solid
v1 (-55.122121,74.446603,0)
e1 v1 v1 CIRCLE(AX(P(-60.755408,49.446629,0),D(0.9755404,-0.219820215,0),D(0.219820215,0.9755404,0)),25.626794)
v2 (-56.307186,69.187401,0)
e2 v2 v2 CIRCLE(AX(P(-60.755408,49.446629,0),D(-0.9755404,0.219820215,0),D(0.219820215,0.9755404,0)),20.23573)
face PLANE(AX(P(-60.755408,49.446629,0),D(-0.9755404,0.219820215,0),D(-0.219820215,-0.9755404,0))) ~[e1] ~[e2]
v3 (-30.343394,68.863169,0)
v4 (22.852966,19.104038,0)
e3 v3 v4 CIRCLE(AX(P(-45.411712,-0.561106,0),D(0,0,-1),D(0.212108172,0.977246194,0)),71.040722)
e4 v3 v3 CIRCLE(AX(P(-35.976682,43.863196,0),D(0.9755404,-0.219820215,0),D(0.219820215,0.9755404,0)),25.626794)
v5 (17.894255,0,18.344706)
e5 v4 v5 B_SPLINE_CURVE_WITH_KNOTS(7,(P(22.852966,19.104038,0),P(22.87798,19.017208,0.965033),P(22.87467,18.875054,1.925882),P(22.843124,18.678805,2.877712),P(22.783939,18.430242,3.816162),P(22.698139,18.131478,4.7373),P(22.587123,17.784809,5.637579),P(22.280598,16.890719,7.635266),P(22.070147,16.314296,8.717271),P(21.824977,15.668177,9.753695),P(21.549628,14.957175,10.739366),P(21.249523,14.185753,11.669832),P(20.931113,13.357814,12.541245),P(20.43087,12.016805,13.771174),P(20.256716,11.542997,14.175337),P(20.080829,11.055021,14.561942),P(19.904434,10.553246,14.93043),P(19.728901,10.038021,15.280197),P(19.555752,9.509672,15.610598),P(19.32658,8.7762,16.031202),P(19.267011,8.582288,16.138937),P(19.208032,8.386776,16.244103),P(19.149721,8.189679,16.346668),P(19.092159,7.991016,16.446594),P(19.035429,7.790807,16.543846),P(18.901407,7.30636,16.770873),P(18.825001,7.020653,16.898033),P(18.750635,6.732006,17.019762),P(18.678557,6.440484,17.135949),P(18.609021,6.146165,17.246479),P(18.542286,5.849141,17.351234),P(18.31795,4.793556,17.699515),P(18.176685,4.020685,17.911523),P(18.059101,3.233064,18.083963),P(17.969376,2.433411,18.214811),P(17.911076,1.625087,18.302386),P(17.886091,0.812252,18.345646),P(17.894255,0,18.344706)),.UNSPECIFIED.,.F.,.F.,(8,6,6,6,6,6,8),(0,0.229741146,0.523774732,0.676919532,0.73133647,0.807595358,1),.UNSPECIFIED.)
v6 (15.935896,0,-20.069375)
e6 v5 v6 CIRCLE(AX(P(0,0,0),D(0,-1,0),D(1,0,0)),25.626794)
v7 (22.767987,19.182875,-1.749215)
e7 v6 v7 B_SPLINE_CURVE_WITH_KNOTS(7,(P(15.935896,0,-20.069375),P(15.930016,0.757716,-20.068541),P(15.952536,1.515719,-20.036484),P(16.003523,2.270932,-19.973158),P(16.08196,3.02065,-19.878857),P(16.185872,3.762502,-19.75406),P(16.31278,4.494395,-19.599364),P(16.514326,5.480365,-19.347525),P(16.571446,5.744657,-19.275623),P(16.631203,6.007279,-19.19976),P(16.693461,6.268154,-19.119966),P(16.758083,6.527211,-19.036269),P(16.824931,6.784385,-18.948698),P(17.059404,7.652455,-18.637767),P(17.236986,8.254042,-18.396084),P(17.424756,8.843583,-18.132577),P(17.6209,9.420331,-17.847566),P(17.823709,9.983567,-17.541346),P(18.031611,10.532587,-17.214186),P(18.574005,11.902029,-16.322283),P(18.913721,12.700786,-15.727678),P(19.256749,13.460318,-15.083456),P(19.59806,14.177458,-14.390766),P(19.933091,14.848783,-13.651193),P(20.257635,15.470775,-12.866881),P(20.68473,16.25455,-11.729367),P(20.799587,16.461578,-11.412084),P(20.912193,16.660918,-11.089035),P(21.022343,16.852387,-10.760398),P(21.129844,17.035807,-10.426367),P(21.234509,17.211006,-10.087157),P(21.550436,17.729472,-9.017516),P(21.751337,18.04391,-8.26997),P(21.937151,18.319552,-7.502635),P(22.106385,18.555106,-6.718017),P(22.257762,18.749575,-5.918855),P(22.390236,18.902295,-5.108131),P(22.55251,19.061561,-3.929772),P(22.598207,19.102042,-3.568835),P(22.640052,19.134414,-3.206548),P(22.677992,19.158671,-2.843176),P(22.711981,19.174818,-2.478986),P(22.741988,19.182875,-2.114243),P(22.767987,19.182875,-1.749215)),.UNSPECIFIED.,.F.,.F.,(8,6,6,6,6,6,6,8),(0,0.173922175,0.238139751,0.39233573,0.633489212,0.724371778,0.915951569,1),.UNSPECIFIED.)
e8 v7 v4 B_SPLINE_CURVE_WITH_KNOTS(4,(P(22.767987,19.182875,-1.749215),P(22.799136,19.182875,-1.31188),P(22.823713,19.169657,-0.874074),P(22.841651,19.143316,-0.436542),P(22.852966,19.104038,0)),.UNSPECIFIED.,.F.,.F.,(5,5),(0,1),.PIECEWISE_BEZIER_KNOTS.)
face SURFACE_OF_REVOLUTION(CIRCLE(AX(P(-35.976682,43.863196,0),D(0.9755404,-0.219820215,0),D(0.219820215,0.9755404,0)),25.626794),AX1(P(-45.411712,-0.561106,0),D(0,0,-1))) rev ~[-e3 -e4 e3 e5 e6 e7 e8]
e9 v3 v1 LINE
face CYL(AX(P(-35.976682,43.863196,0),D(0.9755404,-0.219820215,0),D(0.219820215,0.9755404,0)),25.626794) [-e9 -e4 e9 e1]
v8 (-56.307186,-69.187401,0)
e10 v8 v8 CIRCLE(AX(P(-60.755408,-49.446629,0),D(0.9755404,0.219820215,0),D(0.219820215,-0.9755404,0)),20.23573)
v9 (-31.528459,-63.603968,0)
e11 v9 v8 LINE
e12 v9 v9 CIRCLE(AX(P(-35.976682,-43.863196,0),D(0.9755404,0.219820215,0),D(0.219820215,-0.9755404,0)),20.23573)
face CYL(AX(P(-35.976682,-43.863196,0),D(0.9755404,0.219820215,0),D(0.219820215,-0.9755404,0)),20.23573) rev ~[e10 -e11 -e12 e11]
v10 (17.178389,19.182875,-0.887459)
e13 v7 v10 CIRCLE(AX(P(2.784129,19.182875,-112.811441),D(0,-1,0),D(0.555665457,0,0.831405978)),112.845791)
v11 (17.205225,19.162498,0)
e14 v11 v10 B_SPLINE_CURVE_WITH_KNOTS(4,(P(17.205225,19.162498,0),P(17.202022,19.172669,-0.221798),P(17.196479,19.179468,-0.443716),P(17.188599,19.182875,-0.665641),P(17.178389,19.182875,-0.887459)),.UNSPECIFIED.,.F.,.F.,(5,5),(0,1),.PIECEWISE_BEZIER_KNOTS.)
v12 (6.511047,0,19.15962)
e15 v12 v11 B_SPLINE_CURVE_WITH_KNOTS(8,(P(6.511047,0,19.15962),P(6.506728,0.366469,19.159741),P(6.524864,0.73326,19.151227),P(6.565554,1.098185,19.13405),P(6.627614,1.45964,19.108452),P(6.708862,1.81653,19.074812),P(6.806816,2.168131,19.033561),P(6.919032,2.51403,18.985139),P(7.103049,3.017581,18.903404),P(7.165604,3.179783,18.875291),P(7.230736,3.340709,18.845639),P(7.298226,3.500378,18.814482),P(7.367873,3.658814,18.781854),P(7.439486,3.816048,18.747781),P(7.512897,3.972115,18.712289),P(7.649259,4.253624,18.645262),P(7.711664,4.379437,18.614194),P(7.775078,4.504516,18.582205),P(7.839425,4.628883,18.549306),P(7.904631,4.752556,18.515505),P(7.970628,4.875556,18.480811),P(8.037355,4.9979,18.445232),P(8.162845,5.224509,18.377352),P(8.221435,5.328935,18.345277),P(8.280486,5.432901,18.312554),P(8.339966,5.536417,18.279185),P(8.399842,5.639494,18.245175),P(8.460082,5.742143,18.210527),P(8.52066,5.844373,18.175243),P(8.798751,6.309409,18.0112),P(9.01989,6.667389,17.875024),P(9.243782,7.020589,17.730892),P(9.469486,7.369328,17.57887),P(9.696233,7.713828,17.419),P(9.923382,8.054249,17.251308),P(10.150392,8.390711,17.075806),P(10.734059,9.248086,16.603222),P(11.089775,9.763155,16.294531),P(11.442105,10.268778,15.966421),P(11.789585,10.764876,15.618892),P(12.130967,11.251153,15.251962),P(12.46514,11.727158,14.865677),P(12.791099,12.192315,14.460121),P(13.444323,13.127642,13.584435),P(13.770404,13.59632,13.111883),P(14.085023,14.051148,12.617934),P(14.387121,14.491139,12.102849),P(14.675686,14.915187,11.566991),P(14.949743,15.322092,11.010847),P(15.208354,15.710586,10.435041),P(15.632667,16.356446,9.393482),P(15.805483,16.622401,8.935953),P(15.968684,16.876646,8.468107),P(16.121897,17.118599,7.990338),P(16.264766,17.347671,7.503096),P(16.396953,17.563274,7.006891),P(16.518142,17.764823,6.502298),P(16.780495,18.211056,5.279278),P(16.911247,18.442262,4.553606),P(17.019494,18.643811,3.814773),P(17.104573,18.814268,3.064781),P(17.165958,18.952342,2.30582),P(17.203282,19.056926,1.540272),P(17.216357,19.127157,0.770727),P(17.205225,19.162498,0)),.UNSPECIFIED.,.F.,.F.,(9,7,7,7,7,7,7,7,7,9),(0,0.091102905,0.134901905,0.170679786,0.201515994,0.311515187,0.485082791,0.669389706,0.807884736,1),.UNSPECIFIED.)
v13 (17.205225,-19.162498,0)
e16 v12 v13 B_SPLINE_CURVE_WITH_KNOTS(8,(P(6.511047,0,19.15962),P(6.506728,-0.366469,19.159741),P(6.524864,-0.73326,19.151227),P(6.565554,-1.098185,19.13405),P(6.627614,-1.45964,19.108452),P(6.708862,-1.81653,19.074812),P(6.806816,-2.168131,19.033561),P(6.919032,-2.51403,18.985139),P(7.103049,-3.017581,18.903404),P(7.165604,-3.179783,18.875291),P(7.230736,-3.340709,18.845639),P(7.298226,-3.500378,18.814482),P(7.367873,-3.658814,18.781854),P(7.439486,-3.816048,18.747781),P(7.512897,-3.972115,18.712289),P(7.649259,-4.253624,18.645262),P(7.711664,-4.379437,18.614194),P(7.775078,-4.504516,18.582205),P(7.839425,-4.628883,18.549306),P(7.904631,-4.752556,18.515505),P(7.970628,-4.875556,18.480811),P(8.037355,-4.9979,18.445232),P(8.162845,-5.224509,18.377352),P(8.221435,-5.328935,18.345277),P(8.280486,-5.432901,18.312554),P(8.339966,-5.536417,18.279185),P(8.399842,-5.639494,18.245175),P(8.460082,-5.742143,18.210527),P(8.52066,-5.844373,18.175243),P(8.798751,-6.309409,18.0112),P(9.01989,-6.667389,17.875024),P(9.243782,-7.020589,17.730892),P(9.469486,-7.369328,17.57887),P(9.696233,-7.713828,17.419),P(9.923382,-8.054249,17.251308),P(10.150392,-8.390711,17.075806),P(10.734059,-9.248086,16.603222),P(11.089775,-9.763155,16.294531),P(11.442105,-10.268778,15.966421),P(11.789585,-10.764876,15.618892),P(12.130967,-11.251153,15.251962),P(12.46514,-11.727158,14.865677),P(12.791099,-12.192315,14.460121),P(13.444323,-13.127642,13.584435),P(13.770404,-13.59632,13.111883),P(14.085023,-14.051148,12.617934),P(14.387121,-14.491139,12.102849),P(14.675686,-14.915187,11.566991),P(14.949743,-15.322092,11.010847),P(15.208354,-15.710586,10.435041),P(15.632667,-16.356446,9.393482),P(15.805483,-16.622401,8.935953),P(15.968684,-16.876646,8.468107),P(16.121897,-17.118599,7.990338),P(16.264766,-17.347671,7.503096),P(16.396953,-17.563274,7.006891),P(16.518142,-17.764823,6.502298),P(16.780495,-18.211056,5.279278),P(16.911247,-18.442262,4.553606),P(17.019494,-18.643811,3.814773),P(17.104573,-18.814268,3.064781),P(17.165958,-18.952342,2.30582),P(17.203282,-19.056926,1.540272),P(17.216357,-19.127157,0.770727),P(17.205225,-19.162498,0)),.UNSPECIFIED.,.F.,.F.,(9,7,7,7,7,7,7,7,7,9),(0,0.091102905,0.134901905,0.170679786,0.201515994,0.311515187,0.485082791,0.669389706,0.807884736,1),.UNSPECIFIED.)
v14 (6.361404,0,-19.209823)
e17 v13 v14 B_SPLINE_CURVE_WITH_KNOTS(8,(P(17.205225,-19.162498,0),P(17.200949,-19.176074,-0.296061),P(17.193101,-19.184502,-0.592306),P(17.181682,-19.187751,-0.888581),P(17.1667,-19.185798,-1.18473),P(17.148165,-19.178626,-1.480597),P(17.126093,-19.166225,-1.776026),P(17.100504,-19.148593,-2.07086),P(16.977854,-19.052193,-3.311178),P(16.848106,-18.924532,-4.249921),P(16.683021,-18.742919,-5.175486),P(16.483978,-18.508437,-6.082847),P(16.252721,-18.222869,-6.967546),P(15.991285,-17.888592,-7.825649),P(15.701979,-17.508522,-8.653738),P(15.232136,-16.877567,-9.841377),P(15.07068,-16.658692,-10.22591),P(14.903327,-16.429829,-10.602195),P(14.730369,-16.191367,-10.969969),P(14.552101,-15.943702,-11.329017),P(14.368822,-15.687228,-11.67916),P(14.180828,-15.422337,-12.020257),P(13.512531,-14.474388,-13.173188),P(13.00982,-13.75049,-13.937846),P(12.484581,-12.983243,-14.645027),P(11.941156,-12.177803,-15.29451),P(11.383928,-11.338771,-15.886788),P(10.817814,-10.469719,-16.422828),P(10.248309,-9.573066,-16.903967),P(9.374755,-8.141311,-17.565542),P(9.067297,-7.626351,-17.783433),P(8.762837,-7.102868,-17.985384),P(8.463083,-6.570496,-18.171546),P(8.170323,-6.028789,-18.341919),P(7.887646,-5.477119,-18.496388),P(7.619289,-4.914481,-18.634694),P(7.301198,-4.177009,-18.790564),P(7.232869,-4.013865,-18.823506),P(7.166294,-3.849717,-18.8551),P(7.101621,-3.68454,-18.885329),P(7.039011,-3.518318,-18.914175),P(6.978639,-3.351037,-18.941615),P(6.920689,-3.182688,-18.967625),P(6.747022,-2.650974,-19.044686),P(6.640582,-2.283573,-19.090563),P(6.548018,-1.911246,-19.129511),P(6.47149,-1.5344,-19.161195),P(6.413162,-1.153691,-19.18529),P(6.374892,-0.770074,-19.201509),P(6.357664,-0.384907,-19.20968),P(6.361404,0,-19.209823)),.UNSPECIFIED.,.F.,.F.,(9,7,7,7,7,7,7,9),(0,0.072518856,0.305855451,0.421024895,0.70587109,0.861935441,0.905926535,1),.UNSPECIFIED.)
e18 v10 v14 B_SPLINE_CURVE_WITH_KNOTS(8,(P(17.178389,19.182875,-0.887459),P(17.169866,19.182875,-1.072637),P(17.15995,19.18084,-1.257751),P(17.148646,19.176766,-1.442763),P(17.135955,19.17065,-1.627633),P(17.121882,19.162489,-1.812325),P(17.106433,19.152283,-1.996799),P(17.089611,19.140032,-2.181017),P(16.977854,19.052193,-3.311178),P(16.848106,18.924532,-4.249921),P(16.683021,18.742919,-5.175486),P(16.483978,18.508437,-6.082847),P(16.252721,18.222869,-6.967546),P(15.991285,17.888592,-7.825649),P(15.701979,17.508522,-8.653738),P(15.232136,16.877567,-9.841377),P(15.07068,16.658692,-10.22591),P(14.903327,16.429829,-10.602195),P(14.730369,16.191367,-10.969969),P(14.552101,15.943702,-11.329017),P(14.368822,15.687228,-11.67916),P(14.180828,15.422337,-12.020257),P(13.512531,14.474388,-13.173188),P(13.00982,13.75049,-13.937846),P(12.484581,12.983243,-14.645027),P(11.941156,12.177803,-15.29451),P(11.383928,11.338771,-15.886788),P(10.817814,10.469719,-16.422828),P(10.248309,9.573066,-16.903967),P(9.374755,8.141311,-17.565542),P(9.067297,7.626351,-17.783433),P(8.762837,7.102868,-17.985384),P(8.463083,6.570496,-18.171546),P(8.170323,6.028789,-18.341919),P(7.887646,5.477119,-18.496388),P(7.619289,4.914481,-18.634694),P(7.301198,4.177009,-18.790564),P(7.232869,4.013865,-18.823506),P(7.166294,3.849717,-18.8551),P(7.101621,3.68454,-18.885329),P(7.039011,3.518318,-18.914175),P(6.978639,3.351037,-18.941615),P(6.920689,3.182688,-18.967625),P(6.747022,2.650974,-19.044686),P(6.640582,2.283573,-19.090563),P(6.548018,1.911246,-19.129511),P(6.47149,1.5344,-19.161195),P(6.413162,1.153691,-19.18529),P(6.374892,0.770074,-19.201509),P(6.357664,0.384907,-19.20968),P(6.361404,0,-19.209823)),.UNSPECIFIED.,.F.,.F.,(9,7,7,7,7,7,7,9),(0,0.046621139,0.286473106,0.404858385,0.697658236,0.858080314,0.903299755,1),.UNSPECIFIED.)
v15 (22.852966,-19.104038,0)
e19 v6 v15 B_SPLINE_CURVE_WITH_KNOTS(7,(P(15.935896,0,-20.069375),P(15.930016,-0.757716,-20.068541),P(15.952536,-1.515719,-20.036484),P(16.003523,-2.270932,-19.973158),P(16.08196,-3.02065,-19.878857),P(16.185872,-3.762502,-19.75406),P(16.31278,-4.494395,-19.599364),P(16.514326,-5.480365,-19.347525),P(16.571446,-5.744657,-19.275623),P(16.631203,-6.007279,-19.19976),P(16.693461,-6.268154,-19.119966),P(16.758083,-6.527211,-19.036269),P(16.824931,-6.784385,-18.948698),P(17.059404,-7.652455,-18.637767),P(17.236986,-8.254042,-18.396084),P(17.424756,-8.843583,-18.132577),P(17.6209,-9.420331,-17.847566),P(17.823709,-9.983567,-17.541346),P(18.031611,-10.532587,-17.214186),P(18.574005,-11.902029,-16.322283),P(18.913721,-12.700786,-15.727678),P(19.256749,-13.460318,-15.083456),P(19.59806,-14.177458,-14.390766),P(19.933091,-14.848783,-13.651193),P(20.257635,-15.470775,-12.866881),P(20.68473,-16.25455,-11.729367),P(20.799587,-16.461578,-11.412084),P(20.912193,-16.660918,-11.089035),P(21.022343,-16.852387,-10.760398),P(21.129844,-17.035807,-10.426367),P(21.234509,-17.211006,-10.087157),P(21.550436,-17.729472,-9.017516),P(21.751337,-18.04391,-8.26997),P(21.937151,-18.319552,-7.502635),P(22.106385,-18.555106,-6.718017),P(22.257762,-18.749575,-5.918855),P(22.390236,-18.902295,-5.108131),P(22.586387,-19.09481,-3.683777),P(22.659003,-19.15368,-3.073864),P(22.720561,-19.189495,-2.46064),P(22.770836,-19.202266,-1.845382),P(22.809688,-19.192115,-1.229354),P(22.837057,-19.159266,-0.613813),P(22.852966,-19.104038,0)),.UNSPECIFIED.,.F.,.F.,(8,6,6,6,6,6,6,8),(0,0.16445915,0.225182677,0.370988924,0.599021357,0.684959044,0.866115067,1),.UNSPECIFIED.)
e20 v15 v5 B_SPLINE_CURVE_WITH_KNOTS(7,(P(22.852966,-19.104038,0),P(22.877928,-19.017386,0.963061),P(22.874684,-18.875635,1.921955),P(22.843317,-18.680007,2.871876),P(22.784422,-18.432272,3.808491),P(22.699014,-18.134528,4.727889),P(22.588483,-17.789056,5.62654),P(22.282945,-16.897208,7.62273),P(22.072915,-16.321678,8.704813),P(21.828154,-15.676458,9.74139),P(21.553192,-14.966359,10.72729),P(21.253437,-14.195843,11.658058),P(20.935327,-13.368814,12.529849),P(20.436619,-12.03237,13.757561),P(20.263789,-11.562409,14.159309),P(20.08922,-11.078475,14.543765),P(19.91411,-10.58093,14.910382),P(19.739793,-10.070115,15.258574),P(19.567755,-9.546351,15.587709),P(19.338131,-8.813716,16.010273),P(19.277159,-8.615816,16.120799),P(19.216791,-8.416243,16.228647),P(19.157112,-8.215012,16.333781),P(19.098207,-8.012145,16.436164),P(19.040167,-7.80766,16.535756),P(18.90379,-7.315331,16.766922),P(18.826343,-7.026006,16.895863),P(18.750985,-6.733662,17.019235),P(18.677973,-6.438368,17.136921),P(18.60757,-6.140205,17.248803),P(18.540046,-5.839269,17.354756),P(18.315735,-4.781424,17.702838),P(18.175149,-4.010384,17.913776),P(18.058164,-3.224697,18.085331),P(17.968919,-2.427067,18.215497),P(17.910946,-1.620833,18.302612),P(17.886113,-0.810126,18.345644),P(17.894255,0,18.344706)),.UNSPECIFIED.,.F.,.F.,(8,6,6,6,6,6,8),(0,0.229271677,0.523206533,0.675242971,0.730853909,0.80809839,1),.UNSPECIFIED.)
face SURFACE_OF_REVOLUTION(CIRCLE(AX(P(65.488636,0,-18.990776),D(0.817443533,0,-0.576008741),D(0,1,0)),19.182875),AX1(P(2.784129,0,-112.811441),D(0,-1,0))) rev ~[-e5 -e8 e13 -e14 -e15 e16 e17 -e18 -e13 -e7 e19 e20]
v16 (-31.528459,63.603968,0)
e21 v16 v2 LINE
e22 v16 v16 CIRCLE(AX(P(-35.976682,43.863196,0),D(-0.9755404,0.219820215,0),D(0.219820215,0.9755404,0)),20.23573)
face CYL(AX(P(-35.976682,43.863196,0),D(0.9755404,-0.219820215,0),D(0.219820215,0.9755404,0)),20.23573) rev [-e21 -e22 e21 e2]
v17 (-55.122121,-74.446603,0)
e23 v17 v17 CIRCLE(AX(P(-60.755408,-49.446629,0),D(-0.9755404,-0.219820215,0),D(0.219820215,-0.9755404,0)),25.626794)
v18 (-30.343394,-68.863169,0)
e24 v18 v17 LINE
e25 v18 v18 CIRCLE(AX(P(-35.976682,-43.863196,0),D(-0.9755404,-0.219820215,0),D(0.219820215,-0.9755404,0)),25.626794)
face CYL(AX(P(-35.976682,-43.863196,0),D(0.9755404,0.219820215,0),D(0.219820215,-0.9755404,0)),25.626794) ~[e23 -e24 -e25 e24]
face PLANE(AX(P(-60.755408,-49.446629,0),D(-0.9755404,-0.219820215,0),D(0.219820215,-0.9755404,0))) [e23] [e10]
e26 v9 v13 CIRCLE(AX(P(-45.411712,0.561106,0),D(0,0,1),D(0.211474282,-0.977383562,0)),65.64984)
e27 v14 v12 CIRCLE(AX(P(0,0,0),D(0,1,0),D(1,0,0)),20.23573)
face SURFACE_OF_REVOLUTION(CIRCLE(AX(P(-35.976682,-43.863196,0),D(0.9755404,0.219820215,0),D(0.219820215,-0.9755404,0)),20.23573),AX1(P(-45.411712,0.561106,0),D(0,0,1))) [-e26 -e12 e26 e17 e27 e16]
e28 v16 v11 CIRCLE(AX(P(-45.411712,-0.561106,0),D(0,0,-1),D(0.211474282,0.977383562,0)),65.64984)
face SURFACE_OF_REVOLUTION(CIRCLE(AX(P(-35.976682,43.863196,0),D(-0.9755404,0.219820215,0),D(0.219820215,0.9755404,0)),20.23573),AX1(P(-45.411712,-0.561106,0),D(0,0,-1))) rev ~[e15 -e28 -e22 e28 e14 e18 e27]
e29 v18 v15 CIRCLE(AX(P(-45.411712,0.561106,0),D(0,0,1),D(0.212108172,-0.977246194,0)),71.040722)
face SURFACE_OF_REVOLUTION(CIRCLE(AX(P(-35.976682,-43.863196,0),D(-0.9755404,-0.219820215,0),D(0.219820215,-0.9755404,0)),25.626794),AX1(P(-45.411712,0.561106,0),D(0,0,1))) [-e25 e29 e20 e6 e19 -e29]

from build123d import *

# Parameters (mm, degrees)
F0_R     = 25.6267942687
F0_R_2   = 20.2357295817
F3_DEPTH = 25.4
F5_R     = 19.18287463


with BuildPart() as f2:
    # F2: sweep along a path in F1
    with BuildLine(Plane.XY) as f2_path:
        ThreePointArc((-35.9766818583, -43.863195926), (-10.2970958453, -28.2399727094), (0, 0))
    # F0 (on Front) → F2 (sweep)
    with BuildSketch(Plane.XZ):
        Circle(F0_R)
        Circle(F0_R_2, mode=Mode.SUBTRACT)
    sweep(path=f2_path.line)

    # F3 (add): a face of the model
    f3_faces = [f2.faces().sort_by_distance(p)[0] for p in [
        (-41.4506358623, -19.570328804, 0),
    ]]
    extrude(f3_faces, amount=F3_DEPTH)

    # F4: F2 across plane


with BuildPart() as f2_1:
    add(f2.part)
    add(f2.part.mirror(Plane.XZ))

    # F7: sweep along a path in F6
    with BuildLine(Plane.XZ) as f7_path:
        ThreePointArc((65.4886364937, -18.9907755703), (34.213022198, -4.4306436508), (0, 0))
    # F5 (on Right) → F7 (sweep, cut)
    with BuildSketch(Plane.YZ):
        Circle(F5_R)
    sweep(path=f7_path.line, mode=Mode.SUBTRACT)


solid = f2_1.part
